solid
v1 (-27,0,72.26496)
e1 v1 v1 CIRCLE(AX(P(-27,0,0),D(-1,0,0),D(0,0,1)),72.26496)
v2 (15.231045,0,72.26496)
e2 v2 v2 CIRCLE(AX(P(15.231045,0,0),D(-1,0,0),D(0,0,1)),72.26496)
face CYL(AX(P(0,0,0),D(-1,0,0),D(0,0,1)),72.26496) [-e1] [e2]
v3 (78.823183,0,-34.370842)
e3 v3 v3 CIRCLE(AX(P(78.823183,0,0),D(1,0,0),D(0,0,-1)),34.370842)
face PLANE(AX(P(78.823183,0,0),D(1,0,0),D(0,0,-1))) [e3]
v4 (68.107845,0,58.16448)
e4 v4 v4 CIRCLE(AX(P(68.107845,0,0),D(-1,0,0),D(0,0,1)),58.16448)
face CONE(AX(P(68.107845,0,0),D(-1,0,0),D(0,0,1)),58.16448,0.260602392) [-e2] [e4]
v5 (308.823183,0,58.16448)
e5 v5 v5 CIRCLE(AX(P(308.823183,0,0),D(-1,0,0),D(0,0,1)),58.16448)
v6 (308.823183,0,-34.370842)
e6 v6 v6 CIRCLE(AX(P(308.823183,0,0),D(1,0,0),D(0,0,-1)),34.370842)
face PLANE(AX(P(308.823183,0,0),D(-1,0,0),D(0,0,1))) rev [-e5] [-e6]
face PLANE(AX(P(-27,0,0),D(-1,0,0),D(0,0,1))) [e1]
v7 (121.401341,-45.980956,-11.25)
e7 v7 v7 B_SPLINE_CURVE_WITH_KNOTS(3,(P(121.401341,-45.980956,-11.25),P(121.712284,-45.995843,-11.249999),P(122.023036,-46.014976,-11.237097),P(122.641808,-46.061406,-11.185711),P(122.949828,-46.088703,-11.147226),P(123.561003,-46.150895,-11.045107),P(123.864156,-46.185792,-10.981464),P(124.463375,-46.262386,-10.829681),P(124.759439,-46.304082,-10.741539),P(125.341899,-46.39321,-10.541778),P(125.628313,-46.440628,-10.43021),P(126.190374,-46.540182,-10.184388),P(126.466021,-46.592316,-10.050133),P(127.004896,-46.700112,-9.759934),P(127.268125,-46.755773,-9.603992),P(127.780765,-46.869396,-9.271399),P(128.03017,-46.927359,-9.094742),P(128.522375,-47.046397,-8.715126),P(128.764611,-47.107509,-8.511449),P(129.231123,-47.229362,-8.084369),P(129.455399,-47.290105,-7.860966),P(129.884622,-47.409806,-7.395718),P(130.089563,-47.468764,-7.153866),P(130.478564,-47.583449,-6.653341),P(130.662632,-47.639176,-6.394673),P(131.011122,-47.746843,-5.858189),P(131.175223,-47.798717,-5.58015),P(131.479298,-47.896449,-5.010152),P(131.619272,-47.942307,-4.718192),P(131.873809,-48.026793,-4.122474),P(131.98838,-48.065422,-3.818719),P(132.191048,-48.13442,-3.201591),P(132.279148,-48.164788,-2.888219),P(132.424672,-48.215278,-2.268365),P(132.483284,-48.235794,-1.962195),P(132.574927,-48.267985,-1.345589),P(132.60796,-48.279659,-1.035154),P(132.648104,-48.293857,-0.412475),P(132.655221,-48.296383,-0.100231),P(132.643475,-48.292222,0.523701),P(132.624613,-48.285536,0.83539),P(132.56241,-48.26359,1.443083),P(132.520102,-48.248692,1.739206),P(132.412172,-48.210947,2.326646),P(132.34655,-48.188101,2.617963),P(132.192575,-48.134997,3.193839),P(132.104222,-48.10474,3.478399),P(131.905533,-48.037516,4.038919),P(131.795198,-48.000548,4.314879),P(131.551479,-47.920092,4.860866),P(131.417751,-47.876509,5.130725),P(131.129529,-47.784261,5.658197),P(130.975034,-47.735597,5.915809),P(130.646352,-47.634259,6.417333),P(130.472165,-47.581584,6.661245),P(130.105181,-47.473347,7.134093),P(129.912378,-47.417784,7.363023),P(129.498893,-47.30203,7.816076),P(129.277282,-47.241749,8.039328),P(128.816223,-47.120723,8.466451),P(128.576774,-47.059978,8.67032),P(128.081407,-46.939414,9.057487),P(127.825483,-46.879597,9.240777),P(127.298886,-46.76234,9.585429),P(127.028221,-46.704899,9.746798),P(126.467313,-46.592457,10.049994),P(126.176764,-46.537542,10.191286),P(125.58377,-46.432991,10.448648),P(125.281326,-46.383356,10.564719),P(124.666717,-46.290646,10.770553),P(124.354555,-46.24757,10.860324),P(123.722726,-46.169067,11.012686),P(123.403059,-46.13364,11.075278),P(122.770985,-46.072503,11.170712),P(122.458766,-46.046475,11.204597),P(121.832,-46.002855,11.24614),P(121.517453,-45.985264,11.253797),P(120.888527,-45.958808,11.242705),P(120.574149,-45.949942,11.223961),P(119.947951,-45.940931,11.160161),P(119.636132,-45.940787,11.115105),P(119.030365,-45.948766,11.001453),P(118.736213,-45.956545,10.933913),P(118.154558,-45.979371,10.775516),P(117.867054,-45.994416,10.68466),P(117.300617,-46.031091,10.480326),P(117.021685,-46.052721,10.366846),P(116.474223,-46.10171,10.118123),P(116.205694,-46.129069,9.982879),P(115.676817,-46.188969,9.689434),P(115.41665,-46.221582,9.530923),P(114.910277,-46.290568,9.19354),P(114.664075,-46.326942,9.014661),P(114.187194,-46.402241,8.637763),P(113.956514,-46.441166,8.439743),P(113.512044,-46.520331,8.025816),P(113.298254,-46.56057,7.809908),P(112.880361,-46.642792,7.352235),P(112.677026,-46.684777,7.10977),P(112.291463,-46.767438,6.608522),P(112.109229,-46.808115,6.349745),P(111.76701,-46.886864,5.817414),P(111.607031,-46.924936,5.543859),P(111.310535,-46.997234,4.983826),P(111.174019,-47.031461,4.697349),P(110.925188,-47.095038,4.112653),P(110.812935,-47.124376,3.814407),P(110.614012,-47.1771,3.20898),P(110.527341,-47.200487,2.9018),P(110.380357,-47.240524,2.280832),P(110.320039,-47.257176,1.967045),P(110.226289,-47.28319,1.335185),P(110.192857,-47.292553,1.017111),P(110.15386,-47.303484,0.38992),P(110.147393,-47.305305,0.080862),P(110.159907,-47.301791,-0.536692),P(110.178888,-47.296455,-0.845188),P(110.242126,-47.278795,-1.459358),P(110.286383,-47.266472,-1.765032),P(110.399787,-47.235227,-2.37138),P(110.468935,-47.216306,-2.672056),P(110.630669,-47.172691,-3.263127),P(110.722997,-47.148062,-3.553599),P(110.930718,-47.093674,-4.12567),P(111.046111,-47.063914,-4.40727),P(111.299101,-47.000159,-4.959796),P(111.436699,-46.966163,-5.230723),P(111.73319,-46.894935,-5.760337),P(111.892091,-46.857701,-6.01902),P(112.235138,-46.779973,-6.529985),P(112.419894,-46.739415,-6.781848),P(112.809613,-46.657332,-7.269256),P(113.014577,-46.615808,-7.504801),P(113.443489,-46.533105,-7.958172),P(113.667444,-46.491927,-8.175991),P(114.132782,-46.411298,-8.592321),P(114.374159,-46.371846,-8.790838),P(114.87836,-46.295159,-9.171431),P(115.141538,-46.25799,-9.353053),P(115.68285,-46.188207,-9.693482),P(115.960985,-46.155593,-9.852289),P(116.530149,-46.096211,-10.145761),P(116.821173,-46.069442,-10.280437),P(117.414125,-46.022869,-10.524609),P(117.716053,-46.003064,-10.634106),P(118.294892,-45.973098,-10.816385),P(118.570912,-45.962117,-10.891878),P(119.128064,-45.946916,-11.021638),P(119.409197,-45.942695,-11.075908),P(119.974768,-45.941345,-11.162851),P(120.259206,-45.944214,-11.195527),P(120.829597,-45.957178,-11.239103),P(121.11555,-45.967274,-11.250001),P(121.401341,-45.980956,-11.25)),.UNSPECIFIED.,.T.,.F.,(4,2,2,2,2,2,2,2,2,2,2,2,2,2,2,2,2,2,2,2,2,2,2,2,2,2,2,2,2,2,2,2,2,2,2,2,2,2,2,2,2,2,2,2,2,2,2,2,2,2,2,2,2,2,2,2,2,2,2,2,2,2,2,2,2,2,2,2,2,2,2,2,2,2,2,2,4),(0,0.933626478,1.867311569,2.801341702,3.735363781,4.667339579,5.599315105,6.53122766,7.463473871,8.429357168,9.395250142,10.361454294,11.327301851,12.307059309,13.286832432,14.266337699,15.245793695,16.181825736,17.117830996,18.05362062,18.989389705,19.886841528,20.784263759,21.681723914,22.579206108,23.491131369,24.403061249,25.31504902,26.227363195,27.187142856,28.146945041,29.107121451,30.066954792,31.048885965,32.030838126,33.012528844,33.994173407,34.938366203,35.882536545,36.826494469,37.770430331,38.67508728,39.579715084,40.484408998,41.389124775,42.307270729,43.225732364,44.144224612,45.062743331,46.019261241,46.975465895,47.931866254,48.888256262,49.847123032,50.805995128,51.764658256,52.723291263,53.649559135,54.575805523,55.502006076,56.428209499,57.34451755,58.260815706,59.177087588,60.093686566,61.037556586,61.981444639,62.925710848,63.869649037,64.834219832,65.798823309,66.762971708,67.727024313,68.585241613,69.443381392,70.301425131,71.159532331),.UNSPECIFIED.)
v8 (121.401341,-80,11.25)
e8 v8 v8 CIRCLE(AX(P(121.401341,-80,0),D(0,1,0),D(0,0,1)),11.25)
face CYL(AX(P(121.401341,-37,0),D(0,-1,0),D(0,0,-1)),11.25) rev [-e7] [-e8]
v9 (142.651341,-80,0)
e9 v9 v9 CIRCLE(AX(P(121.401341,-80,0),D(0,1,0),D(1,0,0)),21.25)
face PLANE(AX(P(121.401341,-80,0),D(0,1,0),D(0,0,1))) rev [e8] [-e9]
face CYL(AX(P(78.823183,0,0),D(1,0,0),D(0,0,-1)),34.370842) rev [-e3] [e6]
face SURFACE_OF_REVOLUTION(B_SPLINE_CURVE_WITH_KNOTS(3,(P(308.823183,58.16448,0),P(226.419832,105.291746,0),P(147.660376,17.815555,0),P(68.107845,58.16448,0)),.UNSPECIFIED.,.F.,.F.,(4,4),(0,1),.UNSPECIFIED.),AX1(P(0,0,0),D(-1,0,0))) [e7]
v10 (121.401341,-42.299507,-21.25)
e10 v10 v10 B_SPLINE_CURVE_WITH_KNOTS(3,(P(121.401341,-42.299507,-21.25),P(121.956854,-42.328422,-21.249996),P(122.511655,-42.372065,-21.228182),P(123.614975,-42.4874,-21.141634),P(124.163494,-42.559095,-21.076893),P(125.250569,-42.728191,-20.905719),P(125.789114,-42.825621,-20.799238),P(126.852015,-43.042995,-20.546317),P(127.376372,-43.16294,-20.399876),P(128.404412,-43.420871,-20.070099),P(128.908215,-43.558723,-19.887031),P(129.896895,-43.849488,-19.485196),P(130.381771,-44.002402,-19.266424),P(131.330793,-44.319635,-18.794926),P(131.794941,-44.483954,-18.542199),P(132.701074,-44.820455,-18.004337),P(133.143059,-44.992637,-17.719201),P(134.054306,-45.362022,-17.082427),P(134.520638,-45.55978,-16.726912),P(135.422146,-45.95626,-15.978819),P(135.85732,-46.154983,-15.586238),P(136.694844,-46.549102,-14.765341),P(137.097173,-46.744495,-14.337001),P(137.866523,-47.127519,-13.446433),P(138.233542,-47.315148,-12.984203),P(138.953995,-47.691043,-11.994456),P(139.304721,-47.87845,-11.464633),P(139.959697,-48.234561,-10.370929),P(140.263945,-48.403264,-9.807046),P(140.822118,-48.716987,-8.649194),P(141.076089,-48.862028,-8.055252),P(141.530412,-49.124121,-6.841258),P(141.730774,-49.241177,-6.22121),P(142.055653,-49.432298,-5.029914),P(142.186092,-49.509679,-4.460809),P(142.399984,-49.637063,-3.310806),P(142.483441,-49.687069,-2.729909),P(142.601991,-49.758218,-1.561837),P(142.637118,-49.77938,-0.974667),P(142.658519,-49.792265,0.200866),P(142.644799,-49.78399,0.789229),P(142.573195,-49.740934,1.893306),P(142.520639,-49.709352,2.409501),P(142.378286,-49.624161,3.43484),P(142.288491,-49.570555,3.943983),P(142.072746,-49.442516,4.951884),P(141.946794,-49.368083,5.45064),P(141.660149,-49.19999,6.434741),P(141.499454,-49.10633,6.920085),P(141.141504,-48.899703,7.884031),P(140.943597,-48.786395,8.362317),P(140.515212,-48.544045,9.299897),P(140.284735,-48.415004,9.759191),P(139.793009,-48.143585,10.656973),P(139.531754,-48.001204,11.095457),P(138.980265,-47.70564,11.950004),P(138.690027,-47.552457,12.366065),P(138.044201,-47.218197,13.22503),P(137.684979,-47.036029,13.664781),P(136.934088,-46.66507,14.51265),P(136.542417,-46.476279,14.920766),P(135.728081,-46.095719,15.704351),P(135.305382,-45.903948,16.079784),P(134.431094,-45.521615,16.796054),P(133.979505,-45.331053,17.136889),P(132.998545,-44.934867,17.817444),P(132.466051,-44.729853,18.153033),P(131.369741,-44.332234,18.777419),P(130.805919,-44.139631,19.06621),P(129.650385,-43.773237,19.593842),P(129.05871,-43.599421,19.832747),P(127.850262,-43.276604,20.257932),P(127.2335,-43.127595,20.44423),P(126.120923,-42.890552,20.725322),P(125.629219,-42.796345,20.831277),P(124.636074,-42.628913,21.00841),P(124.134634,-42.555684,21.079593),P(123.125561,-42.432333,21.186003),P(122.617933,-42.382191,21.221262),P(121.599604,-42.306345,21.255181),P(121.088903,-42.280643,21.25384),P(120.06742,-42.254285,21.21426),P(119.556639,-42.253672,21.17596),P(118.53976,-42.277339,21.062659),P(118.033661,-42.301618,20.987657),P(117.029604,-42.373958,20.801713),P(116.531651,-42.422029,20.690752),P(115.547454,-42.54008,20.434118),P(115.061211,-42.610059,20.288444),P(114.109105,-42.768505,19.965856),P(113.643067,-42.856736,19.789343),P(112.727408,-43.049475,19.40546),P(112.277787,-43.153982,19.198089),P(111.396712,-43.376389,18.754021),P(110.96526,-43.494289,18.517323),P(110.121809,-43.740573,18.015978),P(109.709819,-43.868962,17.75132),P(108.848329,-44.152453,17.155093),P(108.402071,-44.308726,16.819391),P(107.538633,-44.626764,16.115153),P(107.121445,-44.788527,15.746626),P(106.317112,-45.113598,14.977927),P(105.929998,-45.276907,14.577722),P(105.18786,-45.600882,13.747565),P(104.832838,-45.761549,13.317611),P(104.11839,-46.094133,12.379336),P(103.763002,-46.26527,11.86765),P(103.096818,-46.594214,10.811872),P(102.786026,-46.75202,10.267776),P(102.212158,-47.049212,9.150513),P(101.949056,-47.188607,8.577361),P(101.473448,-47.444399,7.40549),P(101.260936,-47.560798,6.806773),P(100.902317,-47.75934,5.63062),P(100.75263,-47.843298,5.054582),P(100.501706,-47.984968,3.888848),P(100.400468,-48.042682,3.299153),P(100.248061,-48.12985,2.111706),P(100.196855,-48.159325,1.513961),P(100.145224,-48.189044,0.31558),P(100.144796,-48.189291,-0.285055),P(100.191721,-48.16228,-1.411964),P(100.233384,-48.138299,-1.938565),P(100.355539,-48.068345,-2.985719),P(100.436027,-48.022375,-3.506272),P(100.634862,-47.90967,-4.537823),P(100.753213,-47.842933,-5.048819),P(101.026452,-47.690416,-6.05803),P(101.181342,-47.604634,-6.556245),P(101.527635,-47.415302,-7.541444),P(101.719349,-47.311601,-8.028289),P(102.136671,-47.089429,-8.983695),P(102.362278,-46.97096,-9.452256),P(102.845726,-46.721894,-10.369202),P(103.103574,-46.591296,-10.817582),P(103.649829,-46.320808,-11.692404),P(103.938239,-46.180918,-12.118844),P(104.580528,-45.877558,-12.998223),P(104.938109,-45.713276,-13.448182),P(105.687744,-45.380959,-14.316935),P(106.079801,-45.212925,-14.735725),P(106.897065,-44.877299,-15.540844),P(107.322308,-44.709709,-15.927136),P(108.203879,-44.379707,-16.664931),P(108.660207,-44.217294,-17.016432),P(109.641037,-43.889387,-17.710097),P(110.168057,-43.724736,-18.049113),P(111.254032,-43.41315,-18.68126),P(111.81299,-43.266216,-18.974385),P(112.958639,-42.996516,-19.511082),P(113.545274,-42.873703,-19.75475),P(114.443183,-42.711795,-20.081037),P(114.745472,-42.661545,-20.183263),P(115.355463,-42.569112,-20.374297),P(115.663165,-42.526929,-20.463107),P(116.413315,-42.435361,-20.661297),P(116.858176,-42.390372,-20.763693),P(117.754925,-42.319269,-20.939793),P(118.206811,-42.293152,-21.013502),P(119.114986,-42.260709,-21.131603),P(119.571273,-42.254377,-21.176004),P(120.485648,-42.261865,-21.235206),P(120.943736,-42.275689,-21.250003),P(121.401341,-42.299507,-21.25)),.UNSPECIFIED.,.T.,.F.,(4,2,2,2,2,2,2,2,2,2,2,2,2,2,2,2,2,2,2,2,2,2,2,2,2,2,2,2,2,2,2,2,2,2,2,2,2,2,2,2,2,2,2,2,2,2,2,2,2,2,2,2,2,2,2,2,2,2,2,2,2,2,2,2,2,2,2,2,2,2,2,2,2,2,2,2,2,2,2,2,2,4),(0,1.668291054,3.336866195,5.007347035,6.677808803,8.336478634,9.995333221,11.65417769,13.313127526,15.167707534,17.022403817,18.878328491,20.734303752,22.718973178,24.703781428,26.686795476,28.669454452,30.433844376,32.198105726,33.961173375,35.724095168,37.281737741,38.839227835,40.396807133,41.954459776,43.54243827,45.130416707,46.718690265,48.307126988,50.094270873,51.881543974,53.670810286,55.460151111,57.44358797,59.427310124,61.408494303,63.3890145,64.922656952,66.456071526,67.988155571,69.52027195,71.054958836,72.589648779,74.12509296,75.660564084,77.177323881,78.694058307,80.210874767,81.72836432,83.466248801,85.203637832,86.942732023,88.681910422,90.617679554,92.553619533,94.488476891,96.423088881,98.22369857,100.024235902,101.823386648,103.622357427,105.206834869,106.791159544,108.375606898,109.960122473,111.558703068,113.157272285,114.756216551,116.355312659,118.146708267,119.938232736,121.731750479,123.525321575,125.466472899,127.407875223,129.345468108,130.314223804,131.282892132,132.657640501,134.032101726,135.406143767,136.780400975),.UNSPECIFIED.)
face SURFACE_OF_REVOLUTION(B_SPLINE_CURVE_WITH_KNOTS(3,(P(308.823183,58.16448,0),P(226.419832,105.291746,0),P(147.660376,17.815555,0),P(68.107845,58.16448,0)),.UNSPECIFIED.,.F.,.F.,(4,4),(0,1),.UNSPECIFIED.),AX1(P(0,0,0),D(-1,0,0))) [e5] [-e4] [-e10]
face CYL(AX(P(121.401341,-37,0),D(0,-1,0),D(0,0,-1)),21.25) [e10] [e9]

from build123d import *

# Parameters (mm, degrees)
SKETCH_2_R           = 34.370841625
CUT_EXTRUDE_1_DEPTH  = 230
EXTRUDE_1_DEPTH      = 33
EXTRUDE_1_DEPTH_BACK = 10
SKETCH_3_R           = 21.25
SKETCH_3_R_2         = 11.25
SKETCH_4_R           = 72.26496
EXTRUDE_1_2_DEPTH    = 27


with BuildPart() as part:
    # 草圖1 → 旋轉1 (revolve)
    with BuildSketch(Plane.XY, mode=Mode.PRIVATE) as revolve_1_sk:
        with BuildLine():
            Line((0, 0), (0, 72.26496))
            Line((0, 72.26496), (15.231045419, 72.26496))
            Line((15.231045419, 72.26496), (68.107845419, 58.16448))
            add(Edge.make_bspline(
                [(68.107845419, 58.16448), (147.660376362, 17.815554571), (226.419832208, 105.291746385), (308.823182562, 58.16448)],
                knots=[0, 0, 0, 0, 1, 1, 1, 1], degree=3))
            Line((308.823182562, 58.16448), (308.823182562, 0))
            Line((308.823182562, 0), (0, 0))
        make_face()
    revolve(revolve_1_sk.sketch.rotate(Axis((0, 0, 0), (1, 0, 0)), 90), axis=Axis((0, 0, 0), (1, 0, 0)))

    # 草圖2 → 除料-伸長1 (cut)
    with BuildSketch(Plane(origin=(308.823182562, 0, 0), x_dir=(0, 0, -1), z_dir=(1, 0, 0))):
        Circle(SKETCH_2_R)
    extrude(amount=-CUT_EXTRUDE_1_DEPTH, mode=Mode.SUBTRACT)

    # 草圖3 → Extrude 1 (add, two sides: drawn at the far end of the back side and taken through both)
    with BuildSketch(Plane(origin=(0, -70, 0), x_dir=(1, 0, 0), z_dir=(0, 1, 0)).offset(-EXTRUDE_1_DEPTH_BACK)):
        with Locations((121.401340983, 0)):
            Circle(SKETCH_3_R)
        with Locations((121.401340983, 0)):
            Circle(SKETCH_3_R_2, mode=Mode.SUBTRACT)
    extrude(amount=EXTRUDE_1_DEPTH + EXTRUDE_1_DEPTH_BACK)

    # 草圖4 → Extrude 1 2 (add)
    with BuildSketch(Plane.ZY):
        Circle(SKETCH_4_R)
    extrude(amount=EXTRUDE_1_2_DEPTH)


solid = part.part
